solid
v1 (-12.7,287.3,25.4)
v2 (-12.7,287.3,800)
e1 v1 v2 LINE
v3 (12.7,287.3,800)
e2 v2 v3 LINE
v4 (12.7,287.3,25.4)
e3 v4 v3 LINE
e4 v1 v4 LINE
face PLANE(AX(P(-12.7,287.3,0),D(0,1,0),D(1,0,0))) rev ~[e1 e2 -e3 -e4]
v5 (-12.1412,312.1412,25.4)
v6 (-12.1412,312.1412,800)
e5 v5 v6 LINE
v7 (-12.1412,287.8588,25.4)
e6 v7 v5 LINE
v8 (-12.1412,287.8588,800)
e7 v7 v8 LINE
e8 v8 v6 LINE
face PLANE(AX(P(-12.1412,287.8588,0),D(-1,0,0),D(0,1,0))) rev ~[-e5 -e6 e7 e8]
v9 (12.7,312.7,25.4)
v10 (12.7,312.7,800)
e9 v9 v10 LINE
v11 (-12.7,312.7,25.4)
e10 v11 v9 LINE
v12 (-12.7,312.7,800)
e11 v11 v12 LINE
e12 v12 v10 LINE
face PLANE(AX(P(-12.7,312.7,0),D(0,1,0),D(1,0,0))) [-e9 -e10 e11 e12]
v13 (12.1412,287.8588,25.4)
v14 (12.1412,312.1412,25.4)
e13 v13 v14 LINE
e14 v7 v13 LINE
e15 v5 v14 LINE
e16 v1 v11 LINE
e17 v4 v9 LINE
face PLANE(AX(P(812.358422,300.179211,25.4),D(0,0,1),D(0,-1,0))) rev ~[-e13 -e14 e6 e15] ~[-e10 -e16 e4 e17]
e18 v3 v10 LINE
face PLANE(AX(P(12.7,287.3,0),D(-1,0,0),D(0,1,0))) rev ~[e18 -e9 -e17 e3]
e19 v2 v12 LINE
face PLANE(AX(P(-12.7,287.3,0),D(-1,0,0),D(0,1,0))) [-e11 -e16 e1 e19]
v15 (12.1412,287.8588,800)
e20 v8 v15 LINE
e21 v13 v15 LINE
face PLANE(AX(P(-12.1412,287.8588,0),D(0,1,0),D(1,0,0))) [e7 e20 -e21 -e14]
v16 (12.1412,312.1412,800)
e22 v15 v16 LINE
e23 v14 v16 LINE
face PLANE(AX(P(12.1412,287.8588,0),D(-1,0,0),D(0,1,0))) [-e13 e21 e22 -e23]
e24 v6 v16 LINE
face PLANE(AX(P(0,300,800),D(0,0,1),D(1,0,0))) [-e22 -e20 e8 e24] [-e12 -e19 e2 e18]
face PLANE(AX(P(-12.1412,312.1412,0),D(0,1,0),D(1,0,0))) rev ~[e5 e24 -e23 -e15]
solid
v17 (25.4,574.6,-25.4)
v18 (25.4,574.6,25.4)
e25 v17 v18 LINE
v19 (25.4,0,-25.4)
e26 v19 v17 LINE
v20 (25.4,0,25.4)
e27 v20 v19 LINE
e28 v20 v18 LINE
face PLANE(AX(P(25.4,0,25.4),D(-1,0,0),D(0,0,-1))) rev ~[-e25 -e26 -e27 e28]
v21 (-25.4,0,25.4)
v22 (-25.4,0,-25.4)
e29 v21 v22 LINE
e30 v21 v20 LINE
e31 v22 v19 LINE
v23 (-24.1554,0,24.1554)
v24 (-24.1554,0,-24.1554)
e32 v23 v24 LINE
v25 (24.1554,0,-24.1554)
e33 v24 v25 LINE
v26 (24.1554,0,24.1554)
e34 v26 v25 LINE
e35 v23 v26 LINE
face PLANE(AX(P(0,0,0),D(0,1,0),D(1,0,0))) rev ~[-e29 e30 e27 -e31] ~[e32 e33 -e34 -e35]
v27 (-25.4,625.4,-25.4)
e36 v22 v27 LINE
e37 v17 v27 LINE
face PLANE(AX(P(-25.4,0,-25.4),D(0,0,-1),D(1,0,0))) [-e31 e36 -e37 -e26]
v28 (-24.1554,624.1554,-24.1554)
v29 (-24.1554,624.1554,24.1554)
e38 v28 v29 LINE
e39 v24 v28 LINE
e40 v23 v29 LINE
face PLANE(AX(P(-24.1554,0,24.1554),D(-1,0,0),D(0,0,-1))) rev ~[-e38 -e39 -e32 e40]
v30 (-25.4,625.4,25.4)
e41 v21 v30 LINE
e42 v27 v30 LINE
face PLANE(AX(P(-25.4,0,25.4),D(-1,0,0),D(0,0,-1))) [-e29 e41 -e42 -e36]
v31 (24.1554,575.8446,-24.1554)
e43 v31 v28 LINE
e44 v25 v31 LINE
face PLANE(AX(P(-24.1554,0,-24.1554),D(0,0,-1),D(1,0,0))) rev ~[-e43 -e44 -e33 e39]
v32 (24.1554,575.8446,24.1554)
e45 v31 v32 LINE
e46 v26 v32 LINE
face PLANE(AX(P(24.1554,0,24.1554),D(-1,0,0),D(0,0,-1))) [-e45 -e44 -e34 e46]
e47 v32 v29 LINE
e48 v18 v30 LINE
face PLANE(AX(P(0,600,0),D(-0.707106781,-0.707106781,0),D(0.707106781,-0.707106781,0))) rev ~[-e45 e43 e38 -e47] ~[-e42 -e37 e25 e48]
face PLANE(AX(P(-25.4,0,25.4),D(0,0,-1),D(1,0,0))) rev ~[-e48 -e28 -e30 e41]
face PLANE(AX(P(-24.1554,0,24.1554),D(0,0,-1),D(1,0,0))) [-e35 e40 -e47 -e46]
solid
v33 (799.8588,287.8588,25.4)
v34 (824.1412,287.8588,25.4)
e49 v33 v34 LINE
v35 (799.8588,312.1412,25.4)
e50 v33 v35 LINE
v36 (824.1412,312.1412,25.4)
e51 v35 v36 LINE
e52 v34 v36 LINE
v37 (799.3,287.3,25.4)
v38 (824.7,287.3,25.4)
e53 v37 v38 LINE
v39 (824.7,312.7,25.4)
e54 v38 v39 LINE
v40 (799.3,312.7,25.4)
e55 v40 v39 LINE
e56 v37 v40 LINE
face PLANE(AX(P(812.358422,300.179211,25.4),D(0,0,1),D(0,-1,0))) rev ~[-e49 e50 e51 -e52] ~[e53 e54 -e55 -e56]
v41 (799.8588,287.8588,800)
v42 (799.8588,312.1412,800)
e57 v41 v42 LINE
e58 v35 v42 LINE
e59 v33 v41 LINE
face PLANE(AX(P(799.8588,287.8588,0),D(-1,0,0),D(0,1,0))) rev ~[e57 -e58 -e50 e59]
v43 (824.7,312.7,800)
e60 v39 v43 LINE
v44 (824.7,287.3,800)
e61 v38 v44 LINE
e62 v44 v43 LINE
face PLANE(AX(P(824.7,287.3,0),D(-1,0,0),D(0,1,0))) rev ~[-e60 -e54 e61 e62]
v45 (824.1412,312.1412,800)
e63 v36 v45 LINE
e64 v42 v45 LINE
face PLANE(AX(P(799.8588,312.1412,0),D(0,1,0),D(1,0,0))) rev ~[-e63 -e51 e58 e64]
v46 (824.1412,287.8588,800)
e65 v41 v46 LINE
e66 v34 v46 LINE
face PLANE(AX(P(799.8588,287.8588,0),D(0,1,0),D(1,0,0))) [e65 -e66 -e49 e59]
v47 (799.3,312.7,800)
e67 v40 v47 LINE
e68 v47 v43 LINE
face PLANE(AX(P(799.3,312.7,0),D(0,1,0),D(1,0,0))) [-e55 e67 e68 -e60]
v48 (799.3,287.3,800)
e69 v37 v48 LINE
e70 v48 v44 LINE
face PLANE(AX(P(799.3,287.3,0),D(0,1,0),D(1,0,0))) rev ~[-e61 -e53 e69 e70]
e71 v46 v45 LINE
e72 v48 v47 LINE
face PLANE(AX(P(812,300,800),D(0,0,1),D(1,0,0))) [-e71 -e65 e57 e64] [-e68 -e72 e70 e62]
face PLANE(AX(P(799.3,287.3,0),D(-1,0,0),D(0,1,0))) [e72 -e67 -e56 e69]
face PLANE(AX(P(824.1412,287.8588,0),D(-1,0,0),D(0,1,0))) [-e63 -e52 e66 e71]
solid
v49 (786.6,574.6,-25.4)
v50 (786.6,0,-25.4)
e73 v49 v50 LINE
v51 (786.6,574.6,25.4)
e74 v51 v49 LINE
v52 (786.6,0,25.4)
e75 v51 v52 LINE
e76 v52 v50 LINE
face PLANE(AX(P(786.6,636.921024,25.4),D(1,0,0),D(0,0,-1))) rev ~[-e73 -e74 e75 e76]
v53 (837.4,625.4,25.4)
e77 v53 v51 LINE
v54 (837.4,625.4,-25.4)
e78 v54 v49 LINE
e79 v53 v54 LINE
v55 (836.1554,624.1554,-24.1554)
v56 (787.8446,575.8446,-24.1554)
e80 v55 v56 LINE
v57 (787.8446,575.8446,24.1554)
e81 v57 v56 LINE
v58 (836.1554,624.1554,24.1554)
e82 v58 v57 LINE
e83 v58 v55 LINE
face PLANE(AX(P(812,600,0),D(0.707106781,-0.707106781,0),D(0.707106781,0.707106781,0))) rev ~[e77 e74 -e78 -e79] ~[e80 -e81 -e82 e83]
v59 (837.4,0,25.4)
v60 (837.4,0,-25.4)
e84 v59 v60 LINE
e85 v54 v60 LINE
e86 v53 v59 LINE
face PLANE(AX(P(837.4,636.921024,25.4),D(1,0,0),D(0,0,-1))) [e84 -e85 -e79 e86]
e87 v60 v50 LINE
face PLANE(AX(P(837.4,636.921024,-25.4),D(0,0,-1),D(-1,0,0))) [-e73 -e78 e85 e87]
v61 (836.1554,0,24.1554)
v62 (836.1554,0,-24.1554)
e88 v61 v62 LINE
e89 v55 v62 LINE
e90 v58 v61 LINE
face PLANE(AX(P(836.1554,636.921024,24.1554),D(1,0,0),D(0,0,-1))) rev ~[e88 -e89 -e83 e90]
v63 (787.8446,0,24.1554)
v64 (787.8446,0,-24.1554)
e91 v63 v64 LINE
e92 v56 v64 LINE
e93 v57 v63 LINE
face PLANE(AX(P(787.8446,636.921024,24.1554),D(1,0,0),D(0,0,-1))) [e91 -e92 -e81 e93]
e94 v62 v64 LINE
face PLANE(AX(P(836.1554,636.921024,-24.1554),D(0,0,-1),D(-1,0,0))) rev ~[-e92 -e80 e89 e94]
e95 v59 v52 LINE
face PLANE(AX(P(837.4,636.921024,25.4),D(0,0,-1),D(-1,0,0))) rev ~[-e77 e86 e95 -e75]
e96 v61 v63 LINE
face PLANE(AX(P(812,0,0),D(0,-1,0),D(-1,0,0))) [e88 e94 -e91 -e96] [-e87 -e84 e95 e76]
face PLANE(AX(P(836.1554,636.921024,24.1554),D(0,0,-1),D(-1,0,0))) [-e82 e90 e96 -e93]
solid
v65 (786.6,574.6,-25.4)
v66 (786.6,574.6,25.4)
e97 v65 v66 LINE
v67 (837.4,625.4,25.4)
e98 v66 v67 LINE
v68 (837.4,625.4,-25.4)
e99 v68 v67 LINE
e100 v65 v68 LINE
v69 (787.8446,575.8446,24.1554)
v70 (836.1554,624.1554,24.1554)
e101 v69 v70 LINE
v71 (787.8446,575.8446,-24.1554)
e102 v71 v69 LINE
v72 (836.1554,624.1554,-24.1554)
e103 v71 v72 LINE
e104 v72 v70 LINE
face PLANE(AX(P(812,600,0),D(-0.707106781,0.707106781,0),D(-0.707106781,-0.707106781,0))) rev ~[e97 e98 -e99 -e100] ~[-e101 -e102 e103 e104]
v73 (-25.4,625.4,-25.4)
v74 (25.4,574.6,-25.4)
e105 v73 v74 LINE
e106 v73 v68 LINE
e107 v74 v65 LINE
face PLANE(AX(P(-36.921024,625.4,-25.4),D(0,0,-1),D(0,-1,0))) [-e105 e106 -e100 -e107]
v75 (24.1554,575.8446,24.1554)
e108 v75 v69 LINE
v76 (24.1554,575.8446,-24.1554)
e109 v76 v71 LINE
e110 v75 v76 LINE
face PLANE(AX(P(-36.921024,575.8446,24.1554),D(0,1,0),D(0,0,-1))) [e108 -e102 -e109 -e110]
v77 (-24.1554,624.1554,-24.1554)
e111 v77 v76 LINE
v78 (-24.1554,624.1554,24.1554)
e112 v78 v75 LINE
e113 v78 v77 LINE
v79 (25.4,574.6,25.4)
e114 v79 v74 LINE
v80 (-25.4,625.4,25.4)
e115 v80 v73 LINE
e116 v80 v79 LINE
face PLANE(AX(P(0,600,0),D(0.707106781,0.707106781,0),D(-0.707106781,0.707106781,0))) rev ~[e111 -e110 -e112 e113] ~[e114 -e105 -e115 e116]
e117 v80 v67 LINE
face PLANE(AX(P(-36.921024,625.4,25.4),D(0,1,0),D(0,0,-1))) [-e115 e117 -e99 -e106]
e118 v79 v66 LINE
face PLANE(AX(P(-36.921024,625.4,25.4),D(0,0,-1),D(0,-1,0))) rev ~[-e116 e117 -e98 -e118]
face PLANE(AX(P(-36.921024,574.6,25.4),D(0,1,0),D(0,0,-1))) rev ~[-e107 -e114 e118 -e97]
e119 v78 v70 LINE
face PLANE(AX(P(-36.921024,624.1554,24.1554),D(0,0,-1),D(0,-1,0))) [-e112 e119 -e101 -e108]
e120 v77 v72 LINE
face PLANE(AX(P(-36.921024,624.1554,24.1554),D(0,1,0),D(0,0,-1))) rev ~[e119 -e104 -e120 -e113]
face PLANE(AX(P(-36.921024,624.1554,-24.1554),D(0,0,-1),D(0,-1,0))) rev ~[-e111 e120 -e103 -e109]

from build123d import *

# Parameters (mm, degrees)
SKETCH11_W                               = 50.8
SKETCH11_H                               = 50.8
SKETCH11_W_2                             = 48.3108
SKETCH11_H_2                             = 48.3108
AL_TUBE_SQUARE_2_SQ_X_049_WALL_3_DEPTH   = 636.921024484
SKETCH11_ON_SEGMENT_2_W                  = 50.8
SKETCH11_ON_SEGMENT_2_H                  = 50.8
SKETCH11_ON_SEGMENT_2_W_2                = 48.3108
SKETCH11_ON_SEGMENT_2_H_2                = 48.3108
AL_TUBE_SQUARE_2_SQ_X_049_WALL_3_2_DEPTH = 885.842048969
SKETCH11_ON_SEGMENT_3_W                  = 50.8
SKETCH11_ON_SEGMENT_3_H                  = 50.8
SKETCH11_ON_SEGMENT_3_W_2                = 48.3108
SKETCH11_ON_SEGMENT_3_H_2                = 48.3108
AL_TUBE_SQUARE_2_SQ_X_049_WALL_3_4_DEPTH = 636.921024484
SKETCH1_W                                = 25.4
SKETCH1_H                                = 25.4
SKETCH1_W_2                              = 24.2824
SKETCH1_H_2                              = 24.2824
AL_TUBE_SQUARE_1_SQ_X_022_WALL_7_DEPTH   = 800
SKETCH1_ON_SEGMENT_2_W                   = 25.4
SKETCH1_ON_SEGMENT_2_H                   = 25.4
SKETCH1_ON_SEGMENT_2_W_2                 = 24.2824
SKETCH1_ON_SEGMENT_2_H_2                 = 24.2824
AL_TUBE_SQUARE_1_SQ_X_022_WALL_7_2_DEPTH = 800


with BuildPart() as part:
    # Sketch11 → Al tube (square) 2 SQ X .049 WALL(3) (new body)
    with BuildSketch(Plane(origin=(0, 0, 0), x_dir=(1, 0, 0), z_dir=(0, 1, 0))):
        Rectangle(SKETCH11_W, SKETCH11_H)
        Rectangle(SKETCH11_W_2, SKETCH11_H_2, mode=Mode.SUBTRACT)
    extrude(amount=AL_TUBE_SQUARE_2_SQ_X_049_WALL_3_DEPTH)

    # Al tube (square) 2 SQ X .049 WALL(3) mitr
    split(bisect_by=Plane(origin=(0, 600, 0), x_dir=(0.707106781, -0.707106781, 0), z_dir=(-0.707106781, -0.707106781, 0)), keep=Keep.TOP)


with BuildPart() as body_2:
    # Sketch11 on segment 2 (carried to segment 2) → Al tube _square_ 2 SQ X .049 WALL_3 2 (new body)
    with BuildSketch(Plane(origin=(-36.921024484, 600, 0), x_dir=(0, -1, 0), z_dir=(1, 0, 0))):
        Rectangle(SKETCH11_ON_SEGMENT_2_W, SKETCH11_ON_SEGMENT_2_H)
        Rectangle(SKETCH11_ON_SEGMENT_2_W_2, SKETCH11_ON_SEGMENT_2_H_2, mode=Mode.SUBTRACT)
    extrude(amount=AL_TUBE_SQUARE_2_SQ_X_049_WALL_3_2_DEPTH)

    # Al tube _square_ 2 SQ X .049 WALL_3 2 mi
    split(bisect_by=Plane(origin=(0, 600, 0), x_dir=(-0.707106781, 0.707106781, 0), z_dir=(0.707106781, 0.707106781, 0)), keep=Keep.TOP)

    # Al tube (square) 2 SQ X .049 WALL(3)  3
    split(bisect_by=Plane(origin=(812, 600, 0), x_dir=(-0.707106781, -0.707106781, 0), z_dir=(-0.707106781, 0.707106781, 0)), keep=Keep.TOP)


with BuildPart() as body_3:
    # Sketch11 on segment 3 (carried to segment 3) → Al tube (square) 2 SQ X .049 WALL(3)  4 (new body)
    with BuildSketch(Plane(origin=(812, 636.921024484, 0), x_dir=(-1, 0, 0), z_dir=(0, -1, 0))):
        Rectangle(SKETCH11_ON_SEGMENT_3_W, SKETCH11_ON_SEGMENT_3_H)
        Rectangle(SKETCH11_ON_SEGMENT_3_W_2, SKETCH11_ON_SEGMENT_3_H_2, mode=Mode.SUBTRACT)
    extrude(amount=AL_TUBE_SQUARE_2_SQ_X_049_WALL_3_4_DEPTH)

    # Al tube _square_ 2 SQ X .049 WALL_3 4 mi
    split(bisect_by=Plane(origin=(812, 600, 0), x_dir=(0.707106781, 0.707106781, 0), z_dir=(0.707106781, -0.707106781, 0)), keep=Keep.TOP)


with BuildPart() as body_4:
    # Sketch1 → Al tube (square) 1 SQ X .022 WALL(7) (new body)
    with BuildSketch(Plane(origin=(0, 300, 0), x_dir=(1, 0, 0), z_dir=(0, 0, 1))):
        Rectangle(SKETCH1_W, SKETCH1_H)
        Rectangle(SKETCH1_W_2, SKETCH1_H_2, mode=Mode.SUBTRACT)
    extrude(amount=AL_TUBE_SQUARE_1_SQ_X_022_WALL_7_DEPTH)

    # Recortar/Extender1
    split(bisect_by=Plane(origin=(812.358422222, 300.179211111, 25.4), x_dir=(0, -1, 0), z_dir=(0, 0, 1)), keep=Keep.TOP)


with BuildPart() as body_5:
    # Sketch1 on segment 2 (carried to segment 2) → Al tube _square_ 1 SQ X .022 WALL_7 2 (new body)
    with BuildSketch(Plane(origin=(812, 300, 0), x_dir=(1, 0, 0), z_dir=(0, 0, 1))):
        Rectangle(SKETCH1_ON_SEGMENT_2_W, SKETCH1_ON_SEGMENT_2_H)
        Rectangle(SKETCH1_ON_SEGMENT_2_W_2, SKETCH1_ON_SEGMENT_2_H_2, mode=Mode.SUBTRACT)
    extrude(amount=AL_TUBE_SQUARE_1_SQ_X_022_WALL_7_2_DEPTH)

    # Recortar/Extender1
    split(bisect_by=Plane(origin=(812.358422222, 300.179211111, 25.4), x_dir=(0, -1, 0), z_dir=(0, 0, 1)), keep=Keep.TOP)


solid = Compound([part.part, body_2.part, body_3.part, body_4.part, body_5.part])
